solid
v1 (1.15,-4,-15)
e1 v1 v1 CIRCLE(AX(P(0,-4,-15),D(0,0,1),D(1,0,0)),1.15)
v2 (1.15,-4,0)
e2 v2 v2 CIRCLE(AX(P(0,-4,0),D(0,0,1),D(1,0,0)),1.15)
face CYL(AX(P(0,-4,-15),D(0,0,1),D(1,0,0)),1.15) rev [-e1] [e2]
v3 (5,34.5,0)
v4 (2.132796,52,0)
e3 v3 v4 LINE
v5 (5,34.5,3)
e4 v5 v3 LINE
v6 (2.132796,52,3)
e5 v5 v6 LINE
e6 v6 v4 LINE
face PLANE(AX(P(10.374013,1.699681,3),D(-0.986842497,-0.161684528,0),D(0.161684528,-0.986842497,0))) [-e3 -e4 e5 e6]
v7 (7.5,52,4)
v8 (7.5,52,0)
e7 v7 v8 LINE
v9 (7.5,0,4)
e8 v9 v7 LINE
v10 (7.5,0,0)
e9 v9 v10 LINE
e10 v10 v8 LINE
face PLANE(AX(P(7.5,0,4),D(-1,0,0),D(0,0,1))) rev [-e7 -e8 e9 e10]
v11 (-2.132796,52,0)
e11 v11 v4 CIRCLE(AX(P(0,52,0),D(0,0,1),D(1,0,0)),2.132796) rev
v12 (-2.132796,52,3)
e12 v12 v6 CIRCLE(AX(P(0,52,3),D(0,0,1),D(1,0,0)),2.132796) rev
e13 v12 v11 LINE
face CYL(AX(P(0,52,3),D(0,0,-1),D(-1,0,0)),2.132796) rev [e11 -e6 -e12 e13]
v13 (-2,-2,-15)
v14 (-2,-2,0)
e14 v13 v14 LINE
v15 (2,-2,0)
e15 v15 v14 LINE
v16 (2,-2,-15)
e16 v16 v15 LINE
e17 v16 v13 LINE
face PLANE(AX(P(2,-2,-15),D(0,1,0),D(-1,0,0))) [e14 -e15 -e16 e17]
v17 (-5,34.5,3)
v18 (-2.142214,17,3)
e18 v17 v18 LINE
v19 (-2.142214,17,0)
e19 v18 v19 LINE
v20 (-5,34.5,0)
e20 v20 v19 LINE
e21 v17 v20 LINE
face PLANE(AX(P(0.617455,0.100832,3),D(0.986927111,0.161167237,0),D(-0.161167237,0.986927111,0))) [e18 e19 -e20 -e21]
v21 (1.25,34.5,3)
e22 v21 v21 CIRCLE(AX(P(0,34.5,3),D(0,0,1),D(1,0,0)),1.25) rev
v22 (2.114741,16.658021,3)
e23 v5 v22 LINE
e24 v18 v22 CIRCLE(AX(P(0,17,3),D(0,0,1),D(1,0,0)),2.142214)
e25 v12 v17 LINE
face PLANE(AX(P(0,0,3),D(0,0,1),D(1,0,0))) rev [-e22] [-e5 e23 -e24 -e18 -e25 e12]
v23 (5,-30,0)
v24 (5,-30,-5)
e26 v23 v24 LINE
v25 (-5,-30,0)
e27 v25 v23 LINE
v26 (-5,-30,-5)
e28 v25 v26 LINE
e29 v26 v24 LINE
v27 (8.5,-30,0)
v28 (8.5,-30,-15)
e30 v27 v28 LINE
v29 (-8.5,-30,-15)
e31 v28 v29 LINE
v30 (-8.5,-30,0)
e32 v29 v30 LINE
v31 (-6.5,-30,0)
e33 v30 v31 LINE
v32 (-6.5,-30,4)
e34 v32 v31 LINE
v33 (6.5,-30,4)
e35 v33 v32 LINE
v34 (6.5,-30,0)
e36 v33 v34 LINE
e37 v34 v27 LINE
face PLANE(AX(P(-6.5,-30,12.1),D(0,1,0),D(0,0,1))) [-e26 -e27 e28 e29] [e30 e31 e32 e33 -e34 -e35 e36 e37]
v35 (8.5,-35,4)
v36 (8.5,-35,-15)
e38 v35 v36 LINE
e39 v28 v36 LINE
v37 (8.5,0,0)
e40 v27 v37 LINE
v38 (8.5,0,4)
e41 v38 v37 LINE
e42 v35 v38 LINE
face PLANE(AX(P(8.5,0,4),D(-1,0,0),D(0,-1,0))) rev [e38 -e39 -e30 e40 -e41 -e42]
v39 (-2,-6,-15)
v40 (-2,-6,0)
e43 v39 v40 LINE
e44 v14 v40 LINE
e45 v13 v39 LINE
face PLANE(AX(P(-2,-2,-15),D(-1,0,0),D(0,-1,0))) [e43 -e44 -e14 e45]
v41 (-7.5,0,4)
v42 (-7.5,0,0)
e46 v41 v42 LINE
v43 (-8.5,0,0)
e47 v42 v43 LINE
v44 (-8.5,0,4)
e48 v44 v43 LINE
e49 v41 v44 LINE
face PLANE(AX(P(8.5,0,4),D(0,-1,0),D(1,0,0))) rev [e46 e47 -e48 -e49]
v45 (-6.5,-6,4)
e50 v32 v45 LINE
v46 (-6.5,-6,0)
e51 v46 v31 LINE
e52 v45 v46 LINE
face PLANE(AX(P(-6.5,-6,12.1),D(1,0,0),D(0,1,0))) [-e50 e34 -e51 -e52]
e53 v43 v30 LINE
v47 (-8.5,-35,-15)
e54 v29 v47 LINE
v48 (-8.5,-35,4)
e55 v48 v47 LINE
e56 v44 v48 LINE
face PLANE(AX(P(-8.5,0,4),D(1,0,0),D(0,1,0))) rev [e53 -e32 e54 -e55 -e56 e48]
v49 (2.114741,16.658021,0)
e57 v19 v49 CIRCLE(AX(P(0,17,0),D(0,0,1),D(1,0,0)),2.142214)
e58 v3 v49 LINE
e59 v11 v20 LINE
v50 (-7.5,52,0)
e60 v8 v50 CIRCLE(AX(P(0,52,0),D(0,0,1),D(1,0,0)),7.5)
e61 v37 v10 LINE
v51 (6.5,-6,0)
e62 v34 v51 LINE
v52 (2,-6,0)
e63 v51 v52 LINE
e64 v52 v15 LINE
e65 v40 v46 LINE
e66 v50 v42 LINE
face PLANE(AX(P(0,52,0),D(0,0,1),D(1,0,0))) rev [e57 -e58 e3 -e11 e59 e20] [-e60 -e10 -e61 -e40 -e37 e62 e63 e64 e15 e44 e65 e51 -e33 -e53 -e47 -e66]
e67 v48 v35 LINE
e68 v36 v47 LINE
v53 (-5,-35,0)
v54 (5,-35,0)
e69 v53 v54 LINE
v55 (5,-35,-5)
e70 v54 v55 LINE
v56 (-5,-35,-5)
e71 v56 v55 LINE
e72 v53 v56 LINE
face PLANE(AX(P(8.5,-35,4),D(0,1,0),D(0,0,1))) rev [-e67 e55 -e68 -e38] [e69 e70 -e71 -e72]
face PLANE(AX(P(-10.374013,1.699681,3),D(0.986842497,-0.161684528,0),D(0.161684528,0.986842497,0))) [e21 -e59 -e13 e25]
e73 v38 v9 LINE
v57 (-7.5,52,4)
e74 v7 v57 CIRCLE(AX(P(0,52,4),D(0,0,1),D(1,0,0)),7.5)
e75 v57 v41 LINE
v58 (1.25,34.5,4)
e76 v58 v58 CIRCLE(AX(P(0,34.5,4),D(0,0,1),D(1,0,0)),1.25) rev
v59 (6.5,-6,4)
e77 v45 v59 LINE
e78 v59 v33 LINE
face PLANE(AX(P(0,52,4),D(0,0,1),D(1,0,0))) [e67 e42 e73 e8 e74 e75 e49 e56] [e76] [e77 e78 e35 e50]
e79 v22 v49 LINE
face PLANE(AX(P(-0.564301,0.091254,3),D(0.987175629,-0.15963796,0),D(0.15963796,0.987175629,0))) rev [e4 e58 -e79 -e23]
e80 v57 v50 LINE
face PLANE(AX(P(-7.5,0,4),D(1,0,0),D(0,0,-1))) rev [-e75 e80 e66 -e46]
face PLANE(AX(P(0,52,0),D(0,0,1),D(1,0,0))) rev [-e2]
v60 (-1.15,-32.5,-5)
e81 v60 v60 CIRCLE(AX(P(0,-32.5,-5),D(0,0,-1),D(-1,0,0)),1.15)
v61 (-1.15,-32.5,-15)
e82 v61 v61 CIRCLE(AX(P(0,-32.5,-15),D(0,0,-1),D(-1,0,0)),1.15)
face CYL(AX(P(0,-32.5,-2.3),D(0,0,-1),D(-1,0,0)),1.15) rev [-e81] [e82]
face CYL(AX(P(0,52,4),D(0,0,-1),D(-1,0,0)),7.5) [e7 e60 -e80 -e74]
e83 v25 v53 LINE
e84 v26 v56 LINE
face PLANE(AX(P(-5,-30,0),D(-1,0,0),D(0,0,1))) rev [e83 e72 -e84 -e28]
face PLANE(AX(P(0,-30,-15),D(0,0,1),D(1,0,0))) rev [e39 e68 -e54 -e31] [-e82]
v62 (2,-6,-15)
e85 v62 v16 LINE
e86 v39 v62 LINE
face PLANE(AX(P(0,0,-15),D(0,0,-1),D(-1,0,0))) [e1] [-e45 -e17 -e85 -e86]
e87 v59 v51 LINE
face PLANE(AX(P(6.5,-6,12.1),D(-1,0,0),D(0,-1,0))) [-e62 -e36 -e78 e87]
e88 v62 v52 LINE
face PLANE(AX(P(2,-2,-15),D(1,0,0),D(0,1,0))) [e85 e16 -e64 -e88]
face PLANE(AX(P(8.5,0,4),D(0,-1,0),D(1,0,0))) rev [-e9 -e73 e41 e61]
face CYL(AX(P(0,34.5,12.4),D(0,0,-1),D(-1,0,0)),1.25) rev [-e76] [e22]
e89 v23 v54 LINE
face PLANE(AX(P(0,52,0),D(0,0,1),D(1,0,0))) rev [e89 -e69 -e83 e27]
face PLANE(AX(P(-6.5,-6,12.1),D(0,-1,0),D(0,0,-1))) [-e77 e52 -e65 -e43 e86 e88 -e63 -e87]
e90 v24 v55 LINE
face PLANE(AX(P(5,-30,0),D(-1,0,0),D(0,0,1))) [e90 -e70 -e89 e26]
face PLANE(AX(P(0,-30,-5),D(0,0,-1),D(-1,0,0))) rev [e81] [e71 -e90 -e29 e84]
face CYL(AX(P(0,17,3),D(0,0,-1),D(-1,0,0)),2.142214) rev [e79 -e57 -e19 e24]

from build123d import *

# Parameters (mm, degrees)
EXTRUDE_1_DEPTH     = 4
CUT_EXTRUDE_1_DEPTH = 3
SKETCH_5_R          = 1.25
CUT_EXTRUDE_2_DEPTH = 12.4
SKETCH_6_W          = 17
SKETCH_6_H          = 35
EXTRUDE_2_DEPTH     = 4
SKETCH_7_W          = 13
SKETCH_7_H          = 24
CUT_EXTRUDE_3_DEPTH = 12.1
SKETCH_8_W          = 4
SKETCH_8_H          = 4
SKETCH_8_R          = 1.15
EXTRUDE_3_DEPTH     = 15
EXTRUDE_4_DEPTH     = 5
SKETCH_10_R         = 1.15
CUT_EXTRUDE_4_DEPTH = 12.7


with BuildPart() as part:
    # 草圖1 → 填料-伸長1 (new body)
    with BuildSketch(Plane.XY):
        with BuildLine():
            Line((7.5, 0), (7.5, 52))
            ThreePointArc((7.5, 52), (0, 59.5), (-7.5, 52))
            Line((-7.5, 52), (-7.5, 0))
            Line((-7.5, 0), (7.5, 0))
        make_face()
    extrude(amount=EXTRUDE_1_DEPTH)

    # 草圖3 → 除料-伸長1 (cut)
    with BuildSketch(Plane.XY):
        with BuildLine():
            ThreePointArc((-2.132795501, 52), (0, 54.132795501), (2.132795501, 52))
            Line((2.132795501, 52), (5, 34.5))
            Line((5, 34.5), (2.114741289, 16.658021353))
            ThreePointArc((2.114741289, 16.658021353), (-0.171540182, 14.864665347), (-2.142213835, 17))
            Line((-2.142213835, 17), (-5, 34.5))
            Line((-5, 34.5), (-2.132795501, 52))
        make_face()
    extrude(amount=CUT_EXTRUDE_1_DEPTH, mode=Mode.SUBTRACT)

    # 草圖5 → 除料-伸長2 (cut)
    with BuildSketch(Plane.XY):
        with Locations((0, 34.5)):
            Circle(SKETCH_5_R)
    extrude(amount=CUT_EXTRUDE_2_DEPTH, mode=Mode.SUBTRACT)

    # 草圖6 → 填料-伸長2 (add)
    with BuildSketch(Plane.XY):
        with Locations((0, -17.5)):
            Rectangle(SKETCH_6_W, SKETCH_6_H)
    extrude(amount=EXTRUDE_2_DEPTH)

    # 草圖7 → 除料-伸長3 (cut)
    with BuildSketch(Plane.XY):
        with Locations((0, -18)):
            Rectangle(SKETCH_7_W, SKETCH_7_H)
    extrude(amount=CUT_EXTRUDE_3_DEPTH, mode=Mode.SUBTRACT)

    # 草圖8 → 填料-伸長3 (add)
    with BuildSketch(Plane.XY):
        with Locations((0, -4)):
            Rectangle(SKETCH_8_W, SKETCH_8_H)
        with Locations((0, -4)):
            Circle(SKETCH_8_R, mode=Mode.SUBTRACT)
    extrude(amount=-EXTRUDE_3_DEPTH)

    # 草圖9 → 填料-伸長4 (add)
    with BuildSketch(Plane(origin=(0, -35, 0), x_dir=(1, 0, 0), z_dir=(0, 1, 0))):
        Polygon((-8.5, 0), (-5, 0), (-5, 5), (5, 5), (5, 0), (8.5, 0), (8.5, 15), (-8.5, 15), align=None)
    extrude(amount=EXTRUDE_4_DEPTH)

    # 草圖10 → 除料-伸長4 (cut)
    with BuildSketch(Plane(origin=(0, 0, -15), x_dir=(-1, 0, 0), z_dir=(0, 0, -1))):
        with Locations((0, -32.5)):
            Circle(SKETCH_10_R)
    extrude(amount=-CUT_EXTRUDE_4_DEPTH, mode=Mode.SUBTRACT)


solid = part.part
